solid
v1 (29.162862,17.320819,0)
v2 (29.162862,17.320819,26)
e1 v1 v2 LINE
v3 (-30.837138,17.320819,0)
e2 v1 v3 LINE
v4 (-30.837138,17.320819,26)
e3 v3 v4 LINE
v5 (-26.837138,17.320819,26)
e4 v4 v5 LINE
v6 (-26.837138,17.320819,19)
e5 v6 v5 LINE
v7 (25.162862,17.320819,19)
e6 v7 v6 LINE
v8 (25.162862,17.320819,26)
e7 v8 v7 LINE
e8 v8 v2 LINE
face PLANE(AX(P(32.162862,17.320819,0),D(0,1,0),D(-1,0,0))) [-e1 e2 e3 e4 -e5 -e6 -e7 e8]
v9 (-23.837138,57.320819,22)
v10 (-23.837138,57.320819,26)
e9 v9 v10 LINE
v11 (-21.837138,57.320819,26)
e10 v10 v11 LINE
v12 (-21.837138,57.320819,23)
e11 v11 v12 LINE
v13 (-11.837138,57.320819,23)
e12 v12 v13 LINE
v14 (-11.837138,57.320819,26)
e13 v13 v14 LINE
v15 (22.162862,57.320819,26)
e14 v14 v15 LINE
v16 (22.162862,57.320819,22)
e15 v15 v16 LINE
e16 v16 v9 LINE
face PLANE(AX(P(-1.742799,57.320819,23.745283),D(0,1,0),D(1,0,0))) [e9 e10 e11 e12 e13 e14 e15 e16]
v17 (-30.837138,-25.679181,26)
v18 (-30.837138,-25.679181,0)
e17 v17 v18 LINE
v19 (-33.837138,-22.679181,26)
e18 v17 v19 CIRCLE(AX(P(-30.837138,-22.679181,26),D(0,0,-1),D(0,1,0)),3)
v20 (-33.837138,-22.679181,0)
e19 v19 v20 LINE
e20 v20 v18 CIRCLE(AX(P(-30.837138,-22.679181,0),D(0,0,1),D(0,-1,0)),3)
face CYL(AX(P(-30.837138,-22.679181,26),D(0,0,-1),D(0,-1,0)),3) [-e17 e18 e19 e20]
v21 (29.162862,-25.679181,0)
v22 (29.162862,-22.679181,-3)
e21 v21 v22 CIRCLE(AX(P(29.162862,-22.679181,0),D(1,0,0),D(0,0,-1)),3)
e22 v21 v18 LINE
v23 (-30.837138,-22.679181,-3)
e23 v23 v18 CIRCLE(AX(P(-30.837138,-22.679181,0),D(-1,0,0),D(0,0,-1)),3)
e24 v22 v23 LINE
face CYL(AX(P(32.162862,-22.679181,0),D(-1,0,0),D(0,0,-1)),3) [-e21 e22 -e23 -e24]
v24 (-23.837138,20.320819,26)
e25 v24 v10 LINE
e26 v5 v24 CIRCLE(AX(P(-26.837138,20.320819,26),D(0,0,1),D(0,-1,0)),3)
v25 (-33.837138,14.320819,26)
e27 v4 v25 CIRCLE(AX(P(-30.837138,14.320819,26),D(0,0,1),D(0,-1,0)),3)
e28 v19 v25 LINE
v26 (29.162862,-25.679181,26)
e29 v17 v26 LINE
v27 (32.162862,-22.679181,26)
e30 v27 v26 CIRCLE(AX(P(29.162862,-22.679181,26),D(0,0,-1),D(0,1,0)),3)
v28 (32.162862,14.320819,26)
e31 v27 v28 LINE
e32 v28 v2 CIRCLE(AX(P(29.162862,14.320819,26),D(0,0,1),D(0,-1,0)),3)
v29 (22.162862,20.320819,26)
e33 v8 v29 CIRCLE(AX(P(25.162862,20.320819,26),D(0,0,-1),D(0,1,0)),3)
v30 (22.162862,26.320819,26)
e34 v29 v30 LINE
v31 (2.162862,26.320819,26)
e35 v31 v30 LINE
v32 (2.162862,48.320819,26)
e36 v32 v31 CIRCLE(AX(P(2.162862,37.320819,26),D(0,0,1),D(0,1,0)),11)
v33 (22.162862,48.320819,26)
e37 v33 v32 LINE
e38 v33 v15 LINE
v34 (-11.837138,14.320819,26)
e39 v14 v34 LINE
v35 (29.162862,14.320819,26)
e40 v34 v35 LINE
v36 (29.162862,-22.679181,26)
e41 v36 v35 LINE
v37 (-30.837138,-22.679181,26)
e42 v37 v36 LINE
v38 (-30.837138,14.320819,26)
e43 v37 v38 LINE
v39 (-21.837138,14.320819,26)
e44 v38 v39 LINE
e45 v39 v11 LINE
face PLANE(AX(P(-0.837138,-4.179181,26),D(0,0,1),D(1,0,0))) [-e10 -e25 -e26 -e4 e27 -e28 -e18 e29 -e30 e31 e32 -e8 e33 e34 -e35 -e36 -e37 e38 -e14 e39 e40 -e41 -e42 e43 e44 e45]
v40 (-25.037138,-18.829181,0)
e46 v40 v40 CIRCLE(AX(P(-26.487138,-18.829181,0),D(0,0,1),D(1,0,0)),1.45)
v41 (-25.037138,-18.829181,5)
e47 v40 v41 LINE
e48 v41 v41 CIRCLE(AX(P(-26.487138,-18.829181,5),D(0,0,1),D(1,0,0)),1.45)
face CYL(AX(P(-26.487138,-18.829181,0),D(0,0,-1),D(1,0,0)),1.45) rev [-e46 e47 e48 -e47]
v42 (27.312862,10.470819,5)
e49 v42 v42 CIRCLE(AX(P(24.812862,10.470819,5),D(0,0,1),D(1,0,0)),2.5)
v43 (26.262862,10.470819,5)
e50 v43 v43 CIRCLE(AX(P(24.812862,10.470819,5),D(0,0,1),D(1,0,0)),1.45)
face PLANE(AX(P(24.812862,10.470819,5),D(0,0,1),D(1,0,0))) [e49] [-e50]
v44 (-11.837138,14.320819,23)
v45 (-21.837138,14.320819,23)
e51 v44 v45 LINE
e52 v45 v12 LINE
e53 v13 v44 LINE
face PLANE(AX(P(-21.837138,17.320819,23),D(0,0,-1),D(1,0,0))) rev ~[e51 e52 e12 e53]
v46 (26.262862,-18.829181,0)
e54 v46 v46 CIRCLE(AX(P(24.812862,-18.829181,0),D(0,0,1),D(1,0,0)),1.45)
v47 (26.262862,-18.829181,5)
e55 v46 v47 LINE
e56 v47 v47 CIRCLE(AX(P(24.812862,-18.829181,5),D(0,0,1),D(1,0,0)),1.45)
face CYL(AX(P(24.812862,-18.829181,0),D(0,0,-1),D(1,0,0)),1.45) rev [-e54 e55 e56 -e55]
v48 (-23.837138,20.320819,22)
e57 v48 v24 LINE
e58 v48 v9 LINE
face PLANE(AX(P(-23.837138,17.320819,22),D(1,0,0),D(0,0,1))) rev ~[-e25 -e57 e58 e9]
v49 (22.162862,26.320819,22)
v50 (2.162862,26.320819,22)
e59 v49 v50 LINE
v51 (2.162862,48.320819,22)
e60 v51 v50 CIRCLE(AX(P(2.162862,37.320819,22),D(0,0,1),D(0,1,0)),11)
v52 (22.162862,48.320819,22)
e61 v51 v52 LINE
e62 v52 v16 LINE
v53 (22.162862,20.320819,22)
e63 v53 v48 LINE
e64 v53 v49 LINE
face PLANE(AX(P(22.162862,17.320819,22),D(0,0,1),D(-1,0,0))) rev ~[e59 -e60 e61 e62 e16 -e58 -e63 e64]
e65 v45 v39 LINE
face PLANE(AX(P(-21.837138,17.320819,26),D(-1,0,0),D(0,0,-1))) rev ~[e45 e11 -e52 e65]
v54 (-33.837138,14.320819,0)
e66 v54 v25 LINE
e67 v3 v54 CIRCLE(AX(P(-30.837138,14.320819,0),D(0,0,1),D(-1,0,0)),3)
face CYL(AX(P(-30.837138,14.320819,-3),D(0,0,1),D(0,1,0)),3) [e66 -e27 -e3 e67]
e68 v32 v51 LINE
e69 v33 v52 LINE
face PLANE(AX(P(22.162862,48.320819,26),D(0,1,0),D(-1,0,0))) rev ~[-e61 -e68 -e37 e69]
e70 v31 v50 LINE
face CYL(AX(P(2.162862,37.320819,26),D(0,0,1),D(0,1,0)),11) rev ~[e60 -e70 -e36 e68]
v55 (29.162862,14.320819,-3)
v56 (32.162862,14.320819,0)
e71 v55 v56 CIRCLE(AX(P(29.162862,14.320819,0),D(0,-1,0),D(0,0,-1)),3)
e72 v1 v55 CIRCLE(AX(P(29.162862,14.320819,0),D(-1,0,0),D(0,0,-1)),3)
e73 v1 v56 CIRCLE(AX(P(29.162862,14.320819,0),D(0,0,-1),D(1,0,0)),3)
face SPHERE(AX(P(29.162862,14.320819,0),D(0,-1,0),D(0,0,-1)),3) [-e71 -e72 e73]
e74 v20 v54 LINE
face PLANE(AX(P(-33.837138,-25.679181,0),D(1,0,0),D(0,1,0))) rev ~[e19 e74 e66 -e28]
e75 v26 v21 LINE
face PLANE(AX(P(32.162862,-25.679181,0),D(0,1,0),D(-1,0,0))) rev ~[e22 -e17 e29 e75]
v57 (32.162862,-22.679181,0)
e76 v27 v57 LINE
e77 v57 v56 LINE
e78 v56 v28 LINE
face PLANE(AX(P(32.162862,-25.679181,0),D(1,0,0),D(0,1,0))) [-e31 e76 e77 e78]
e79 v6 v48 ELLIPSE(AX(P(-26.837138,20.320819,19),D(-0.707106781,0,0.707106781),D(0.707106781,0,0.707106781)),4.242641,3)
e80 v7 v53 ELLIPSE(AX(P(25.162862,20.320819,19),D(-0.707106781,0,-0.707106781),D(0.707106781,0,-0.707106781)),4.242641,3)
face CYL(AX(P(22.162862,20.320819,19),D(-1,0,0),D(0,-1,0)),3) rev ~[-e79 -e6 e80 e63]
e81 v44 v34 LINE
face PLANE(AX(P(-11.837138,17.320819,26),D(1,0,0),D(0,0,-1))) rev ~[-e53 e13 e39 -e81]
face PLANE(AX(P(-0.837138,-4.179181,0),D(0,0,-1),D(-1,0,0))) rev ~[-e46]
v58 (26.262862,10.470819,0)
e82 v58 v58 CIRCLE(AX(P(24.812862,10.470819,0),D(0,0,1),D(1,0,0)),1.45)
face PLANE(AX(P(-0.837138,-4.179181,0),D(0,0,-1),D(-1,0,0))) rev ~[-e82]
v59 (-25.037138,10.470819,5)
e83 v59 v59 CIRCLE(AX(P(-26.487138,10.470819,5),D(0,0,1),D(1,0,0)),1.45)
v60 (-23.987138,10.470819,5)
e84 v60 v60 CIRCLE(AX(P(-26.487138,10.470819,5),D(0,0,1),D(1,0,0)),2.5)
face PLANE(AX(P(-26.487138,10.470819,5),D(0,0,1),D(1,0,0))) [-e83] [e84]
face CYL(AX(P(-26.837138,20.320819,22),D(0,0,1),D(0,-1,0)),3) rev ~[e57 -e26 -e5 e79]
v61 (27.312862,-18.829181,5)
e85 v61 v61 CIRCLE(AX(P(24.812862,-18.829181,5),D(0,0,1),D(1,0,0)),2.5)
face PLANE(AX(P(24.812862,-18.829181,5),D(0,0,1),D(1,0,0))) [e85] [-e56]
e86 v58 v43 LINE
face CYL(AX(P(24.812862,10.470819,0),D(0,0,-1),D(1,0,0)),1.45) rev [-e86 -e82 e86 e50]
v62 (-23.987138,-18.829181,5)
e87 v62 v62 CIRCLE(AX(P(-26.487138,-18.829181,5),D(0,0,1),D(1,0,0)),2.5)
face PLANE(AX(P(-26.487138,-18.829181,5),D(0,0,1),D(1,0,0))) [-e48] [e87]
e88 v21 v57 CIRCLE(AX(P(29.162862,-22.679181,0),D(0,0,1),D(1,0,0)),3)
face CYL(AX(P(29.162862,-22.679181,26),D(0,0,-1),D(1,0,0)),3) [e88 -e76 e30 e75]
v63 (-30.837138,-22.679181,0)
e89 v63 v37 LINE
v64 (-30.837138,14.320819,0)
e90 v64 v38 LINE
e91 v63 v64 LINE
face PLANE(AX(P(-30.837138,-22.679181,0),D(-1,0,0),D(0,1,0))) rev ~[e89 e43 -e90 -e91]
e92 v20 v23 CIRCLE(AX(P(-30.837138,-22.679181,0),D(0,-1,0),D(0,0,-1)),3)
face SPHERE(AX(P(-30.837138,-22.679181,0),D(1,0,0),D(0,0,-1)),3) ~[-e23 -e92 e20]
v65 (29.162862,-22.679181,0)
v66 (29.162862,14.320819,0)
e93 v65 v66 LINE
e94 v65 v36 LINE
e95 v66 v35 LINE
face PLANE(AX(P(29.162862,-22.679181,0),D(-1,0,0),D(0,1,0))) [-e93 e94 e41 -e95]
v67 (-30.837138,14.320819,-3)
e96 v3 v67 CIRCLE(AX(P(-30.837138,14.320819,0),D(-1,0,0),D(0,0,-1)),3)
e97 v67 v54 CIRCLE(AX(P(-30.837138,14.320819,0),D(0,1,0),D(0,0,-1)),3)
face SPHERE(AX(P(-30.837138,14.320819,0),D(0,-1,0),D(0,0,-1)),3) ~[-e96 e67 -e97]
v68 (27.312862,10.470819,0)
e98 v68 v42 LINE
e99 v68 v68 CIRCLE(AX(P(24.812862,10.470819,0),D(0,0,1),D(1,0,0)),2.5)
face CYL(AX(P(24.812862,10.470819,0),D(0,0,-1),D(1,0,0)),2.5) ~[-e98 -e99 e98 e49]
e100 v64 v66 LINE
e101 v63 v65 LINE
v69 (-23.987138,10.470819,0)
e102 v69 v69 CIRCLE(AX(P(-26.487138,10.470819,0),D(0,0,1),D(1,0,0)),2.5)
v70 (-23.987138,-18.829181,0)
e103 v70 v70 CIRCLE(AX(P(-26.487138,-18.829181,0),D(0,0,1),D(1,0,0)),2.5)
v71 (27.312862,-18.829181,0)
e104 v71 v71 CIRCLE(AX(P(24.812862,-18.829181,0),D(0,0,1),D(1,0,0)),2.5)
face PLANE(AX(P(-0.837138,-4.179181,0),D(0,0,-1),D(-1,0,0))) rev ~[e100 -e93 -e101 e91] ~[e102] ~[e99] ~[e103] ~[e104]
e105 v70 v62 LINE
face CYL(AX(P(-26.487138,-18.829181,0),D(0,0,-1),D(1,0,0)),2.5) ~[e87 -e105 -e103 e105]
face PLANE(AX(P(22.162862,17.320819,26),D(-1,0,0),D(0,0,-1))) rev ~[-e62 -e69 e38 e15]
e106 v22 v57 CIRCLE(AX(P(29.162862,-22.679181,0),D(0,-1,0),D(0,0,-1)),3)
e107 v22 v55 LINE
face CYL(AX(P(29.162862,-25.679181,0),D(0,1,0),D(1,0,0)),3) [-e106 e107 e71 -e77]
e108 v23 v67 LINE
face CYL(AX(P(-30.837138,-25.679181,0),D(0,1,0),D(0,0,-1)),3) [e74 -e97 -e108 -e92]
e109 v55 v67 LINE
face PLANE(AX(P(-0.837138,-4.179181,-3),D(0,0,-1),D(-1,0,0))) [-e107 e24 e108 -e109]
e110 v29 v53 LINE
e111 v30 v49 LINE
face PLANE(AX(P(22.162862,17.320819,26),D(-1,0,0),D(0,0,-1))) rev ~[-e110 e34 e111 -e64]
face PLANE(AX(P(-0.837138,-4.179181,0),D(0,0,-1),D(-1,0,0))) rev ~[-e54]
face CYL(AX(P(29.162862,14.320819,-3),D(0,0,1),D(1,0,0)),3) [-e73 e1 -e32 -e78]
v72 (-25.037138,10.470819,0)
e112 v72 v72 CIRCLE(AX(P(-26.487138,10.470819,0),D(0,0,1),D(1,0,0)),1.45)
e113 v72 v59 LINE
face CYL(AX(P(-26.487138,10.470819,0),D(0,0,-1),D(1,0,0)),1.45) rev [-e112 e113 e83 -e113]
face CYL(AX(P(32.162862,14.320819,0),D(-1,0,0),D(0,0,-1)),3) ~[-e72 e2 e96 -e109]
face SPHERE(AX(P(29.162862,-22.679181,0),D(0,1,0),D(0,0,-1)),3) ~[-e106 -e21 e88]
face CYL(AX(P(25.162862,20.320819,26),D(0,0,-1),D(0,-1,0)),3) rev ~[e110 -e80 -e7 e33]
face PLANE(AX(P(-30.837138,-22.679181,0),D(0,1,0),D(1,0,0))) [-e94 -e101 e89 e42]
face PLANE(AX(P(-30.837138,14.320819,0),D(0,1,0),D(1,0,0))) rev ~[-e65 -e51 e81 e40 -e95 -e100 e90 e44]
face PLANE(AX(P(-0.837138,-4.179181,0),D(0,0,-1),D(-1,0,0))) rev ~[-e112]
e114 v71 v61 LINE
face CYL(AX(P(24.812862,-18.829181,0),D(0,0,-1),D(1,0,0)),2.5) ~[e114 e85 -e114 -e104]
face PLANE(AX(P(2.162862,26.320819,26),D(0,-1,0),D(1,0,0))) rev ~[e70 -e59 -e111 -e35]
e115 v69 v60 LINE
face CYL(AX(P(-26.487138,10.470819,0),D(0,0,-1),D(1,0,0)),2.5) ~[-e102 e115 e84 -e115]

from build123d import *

# Parameters (mm, degrees)
SKETCH_1_W          = 66
SKETCH_1_H          = 43
SKETCH_1_W_2        = 60
SKETCH_1_H_2        = 37
EXTRUDE_1_DEPTH     = 26
SKETCH_2_W          = 66
SKETCH_2_H          = 43
EXTRUDE_2_DEPTH     = 3
EXTRUDE_3_DEPTH     = 40
CUT_EXTRUDE_1_REACH = 45
SKETCH_4_W          = 10
SKETCH_4_H          = 3
SKETCH_6_R          = 2.5
SKETCH_6_R_2        = 1.45
EXTRUDE_5_DEPTH     = 5
CUT_EXTRUDE_2_REACH = 31
FILLET_1_R          = 3
FILLET_2_R          = 3


with BuildPart() as part:
    # 草图1 → 凸台-拉伸1 (new body)
    with BuildSketch(Plane.XY):
        with Locations((-0.837138389, -4.179180765)):
            Rectangle(SKETCH_1_W, SKETCH_1_H)
        with Locations((-0.837138389, -4.179180765)):
            Rectangle(SKETCH_1_W_2, SKETCH_1_H_2, mode=Mode.SUBTRACT)
    extrude(amount=EXTRUDE_1_DEPTH)

    # 草图2 → 凸台-拉伸2 (add)
    with BuildSketch(Plane(origin=(0, 0, 0), x_dir=(-1, 0, 0), z_dir=(0, 0, -1))):
        with Locations((0.837138389, -4.179180765)):
            Rectangle(SKETCH_2_W, SKETCH_2_H)
    extrude(amount=EXTRUDE_2_DEPTH)

    # 草图3 → 凸台-拉伸3 (add)
    with BuildSketch(Plane(origin=(0, 17.320819235, 0), x_dir=(1, 0, 0), z_dir=(0, 1, 0))):
        Polygon((-21.837138389, -26), (-21.837138389, -23), (-11.837138389, -23), (-11.837138389, -26), (22.162861611, -26), (22.162861611, -22), (-23.837138389, -22), (-23.837138389, -26), align=None)
    extrude(amount=EXTRUDE_3_DEPTH)

    # 草图4 → 切除-拉伸1 (cut, up to next)
    with BuildSketch(Plane(origin=(0, 17.320819235, 0), x_dir=(1, 0, 0), z_dir=(0, 1, 0)), mode=Mode.PRIVATE) as cut_extrude_1_sk1:
        with Locations((-16.837138389, -24.5)):
            Rectangle(SKETCH_4_W, SKETCH_4_H)
    cut_extrude_1_tool1 = extrude(cut_extrude_1_sk1.sketch, amount=-CUT_EXTRUDE_1_REACH, mode=Mode.PRIVATE) & part.part
    add(cut_extrude_1_tool1.solids().sort_by_distance((-16.837138, 17.320819, 24.5))[0], mode=Mode.SUBTRACT)

    # 草图6 → 凸台-拉伸5 (add)
    with BuildSketch(Plane.XY):
        with Locations((24.812861611, -18.829180765)):
            Circle(SKETCH_6_R)
        with Locations((24.812861611, -18.829180765)):
            Circle(SKETCH_6_R_2, mode=Mode.SUBTRACT)
        with Locations((-26.487138389, -18.829180765)):
            Circle(SKETCH_6_R)
        with Locations((-26.487138389, -18.829180765)):
            Circle(SKETCH_6_R_2, mode=Mode.SUBTRACT)
        with Locations((24.812861611, 10.470819235)):
            Circle(SKETCH_6_R)
        with Locations((24.812861611, 10.470819235)):
            Circle(SKETCH_6_R_2, mode=Mode.SUBTRACT)
        with Locations((-26.487138389, 10.470819235)):
            Circle(SKETCH_6_R)
        with Locations((-26.487138389, 10.470819235)):
            Circle(SKETCH_6_R_2, mode=Mode.SUBTRACT)
    extrude(amount=EXTRUDE_5_DEPTH)

    # 草图10 → 切除-拉伸2 (cut, up to next)
    with BuildSketch(Plane.XY.offset(26), mode=Mode.PRIVATE) as cut_extrude_2_sk1:
        with BuildLine():
            Line((2.162861611, 26.320819235), (22.162861611, 26.320819235))
            Line((22.162861611, 26.320819235), (22.162861611, 48.320819235))
            Line((22.162861611, 48.320819235), (2.162861611, 48.320819235))
            ThreePointArc((2.162861611, 48.320819235), (-8.837138389, 37.320819235), (2.162861611, 26.320819235))
        make_face()
    cut_extrude_2_tool1 = extrude(cut_extrude_2_sk1.sketch, amount=-CUT_EXTRUDE_2_REACH, mode=Mode.PRIVATE) & part.part
    add(cut_extrude_2_tool1.solids().sort_by_distance((7.737936, 37.320819, 26))[0], mode=Mode.SUBTRACT)

    # 圆角1
    fillet_1_edges = [part.edges().sort_by_distance(p)[0] for p in [
        (32.162861611, -4.179180765, -3),
        (-0.837138389, -25.679180765, -3),
        (-33.837138389, -4.179180765, -3),
        (-0.837138389, 17.320819235, -3),
        (32.162861611, -25.679180765, 11.5),
        (-33.837138389, -25.679180765, 11.5),
        (-33.837138389, 17.320819235, 11.5),
        (32.162861611, 17.320819235, 11.5),
    ]]
    fillet(fillet_1_edges, radius=FILLET_1_R)

    # 圆角2
    fillet_2_edges = [part.edges().sort_by_distance(p)[0] for p in [
        (-23.837138389, 17.320819235, 24),
        (22.162861611, 17.320819235, 24),
        (-0.837138389, 17.320819235, 22),
    ]]
    fillet(fillet_2_edges, radius=FILLET_2_R)


solid = part.part
